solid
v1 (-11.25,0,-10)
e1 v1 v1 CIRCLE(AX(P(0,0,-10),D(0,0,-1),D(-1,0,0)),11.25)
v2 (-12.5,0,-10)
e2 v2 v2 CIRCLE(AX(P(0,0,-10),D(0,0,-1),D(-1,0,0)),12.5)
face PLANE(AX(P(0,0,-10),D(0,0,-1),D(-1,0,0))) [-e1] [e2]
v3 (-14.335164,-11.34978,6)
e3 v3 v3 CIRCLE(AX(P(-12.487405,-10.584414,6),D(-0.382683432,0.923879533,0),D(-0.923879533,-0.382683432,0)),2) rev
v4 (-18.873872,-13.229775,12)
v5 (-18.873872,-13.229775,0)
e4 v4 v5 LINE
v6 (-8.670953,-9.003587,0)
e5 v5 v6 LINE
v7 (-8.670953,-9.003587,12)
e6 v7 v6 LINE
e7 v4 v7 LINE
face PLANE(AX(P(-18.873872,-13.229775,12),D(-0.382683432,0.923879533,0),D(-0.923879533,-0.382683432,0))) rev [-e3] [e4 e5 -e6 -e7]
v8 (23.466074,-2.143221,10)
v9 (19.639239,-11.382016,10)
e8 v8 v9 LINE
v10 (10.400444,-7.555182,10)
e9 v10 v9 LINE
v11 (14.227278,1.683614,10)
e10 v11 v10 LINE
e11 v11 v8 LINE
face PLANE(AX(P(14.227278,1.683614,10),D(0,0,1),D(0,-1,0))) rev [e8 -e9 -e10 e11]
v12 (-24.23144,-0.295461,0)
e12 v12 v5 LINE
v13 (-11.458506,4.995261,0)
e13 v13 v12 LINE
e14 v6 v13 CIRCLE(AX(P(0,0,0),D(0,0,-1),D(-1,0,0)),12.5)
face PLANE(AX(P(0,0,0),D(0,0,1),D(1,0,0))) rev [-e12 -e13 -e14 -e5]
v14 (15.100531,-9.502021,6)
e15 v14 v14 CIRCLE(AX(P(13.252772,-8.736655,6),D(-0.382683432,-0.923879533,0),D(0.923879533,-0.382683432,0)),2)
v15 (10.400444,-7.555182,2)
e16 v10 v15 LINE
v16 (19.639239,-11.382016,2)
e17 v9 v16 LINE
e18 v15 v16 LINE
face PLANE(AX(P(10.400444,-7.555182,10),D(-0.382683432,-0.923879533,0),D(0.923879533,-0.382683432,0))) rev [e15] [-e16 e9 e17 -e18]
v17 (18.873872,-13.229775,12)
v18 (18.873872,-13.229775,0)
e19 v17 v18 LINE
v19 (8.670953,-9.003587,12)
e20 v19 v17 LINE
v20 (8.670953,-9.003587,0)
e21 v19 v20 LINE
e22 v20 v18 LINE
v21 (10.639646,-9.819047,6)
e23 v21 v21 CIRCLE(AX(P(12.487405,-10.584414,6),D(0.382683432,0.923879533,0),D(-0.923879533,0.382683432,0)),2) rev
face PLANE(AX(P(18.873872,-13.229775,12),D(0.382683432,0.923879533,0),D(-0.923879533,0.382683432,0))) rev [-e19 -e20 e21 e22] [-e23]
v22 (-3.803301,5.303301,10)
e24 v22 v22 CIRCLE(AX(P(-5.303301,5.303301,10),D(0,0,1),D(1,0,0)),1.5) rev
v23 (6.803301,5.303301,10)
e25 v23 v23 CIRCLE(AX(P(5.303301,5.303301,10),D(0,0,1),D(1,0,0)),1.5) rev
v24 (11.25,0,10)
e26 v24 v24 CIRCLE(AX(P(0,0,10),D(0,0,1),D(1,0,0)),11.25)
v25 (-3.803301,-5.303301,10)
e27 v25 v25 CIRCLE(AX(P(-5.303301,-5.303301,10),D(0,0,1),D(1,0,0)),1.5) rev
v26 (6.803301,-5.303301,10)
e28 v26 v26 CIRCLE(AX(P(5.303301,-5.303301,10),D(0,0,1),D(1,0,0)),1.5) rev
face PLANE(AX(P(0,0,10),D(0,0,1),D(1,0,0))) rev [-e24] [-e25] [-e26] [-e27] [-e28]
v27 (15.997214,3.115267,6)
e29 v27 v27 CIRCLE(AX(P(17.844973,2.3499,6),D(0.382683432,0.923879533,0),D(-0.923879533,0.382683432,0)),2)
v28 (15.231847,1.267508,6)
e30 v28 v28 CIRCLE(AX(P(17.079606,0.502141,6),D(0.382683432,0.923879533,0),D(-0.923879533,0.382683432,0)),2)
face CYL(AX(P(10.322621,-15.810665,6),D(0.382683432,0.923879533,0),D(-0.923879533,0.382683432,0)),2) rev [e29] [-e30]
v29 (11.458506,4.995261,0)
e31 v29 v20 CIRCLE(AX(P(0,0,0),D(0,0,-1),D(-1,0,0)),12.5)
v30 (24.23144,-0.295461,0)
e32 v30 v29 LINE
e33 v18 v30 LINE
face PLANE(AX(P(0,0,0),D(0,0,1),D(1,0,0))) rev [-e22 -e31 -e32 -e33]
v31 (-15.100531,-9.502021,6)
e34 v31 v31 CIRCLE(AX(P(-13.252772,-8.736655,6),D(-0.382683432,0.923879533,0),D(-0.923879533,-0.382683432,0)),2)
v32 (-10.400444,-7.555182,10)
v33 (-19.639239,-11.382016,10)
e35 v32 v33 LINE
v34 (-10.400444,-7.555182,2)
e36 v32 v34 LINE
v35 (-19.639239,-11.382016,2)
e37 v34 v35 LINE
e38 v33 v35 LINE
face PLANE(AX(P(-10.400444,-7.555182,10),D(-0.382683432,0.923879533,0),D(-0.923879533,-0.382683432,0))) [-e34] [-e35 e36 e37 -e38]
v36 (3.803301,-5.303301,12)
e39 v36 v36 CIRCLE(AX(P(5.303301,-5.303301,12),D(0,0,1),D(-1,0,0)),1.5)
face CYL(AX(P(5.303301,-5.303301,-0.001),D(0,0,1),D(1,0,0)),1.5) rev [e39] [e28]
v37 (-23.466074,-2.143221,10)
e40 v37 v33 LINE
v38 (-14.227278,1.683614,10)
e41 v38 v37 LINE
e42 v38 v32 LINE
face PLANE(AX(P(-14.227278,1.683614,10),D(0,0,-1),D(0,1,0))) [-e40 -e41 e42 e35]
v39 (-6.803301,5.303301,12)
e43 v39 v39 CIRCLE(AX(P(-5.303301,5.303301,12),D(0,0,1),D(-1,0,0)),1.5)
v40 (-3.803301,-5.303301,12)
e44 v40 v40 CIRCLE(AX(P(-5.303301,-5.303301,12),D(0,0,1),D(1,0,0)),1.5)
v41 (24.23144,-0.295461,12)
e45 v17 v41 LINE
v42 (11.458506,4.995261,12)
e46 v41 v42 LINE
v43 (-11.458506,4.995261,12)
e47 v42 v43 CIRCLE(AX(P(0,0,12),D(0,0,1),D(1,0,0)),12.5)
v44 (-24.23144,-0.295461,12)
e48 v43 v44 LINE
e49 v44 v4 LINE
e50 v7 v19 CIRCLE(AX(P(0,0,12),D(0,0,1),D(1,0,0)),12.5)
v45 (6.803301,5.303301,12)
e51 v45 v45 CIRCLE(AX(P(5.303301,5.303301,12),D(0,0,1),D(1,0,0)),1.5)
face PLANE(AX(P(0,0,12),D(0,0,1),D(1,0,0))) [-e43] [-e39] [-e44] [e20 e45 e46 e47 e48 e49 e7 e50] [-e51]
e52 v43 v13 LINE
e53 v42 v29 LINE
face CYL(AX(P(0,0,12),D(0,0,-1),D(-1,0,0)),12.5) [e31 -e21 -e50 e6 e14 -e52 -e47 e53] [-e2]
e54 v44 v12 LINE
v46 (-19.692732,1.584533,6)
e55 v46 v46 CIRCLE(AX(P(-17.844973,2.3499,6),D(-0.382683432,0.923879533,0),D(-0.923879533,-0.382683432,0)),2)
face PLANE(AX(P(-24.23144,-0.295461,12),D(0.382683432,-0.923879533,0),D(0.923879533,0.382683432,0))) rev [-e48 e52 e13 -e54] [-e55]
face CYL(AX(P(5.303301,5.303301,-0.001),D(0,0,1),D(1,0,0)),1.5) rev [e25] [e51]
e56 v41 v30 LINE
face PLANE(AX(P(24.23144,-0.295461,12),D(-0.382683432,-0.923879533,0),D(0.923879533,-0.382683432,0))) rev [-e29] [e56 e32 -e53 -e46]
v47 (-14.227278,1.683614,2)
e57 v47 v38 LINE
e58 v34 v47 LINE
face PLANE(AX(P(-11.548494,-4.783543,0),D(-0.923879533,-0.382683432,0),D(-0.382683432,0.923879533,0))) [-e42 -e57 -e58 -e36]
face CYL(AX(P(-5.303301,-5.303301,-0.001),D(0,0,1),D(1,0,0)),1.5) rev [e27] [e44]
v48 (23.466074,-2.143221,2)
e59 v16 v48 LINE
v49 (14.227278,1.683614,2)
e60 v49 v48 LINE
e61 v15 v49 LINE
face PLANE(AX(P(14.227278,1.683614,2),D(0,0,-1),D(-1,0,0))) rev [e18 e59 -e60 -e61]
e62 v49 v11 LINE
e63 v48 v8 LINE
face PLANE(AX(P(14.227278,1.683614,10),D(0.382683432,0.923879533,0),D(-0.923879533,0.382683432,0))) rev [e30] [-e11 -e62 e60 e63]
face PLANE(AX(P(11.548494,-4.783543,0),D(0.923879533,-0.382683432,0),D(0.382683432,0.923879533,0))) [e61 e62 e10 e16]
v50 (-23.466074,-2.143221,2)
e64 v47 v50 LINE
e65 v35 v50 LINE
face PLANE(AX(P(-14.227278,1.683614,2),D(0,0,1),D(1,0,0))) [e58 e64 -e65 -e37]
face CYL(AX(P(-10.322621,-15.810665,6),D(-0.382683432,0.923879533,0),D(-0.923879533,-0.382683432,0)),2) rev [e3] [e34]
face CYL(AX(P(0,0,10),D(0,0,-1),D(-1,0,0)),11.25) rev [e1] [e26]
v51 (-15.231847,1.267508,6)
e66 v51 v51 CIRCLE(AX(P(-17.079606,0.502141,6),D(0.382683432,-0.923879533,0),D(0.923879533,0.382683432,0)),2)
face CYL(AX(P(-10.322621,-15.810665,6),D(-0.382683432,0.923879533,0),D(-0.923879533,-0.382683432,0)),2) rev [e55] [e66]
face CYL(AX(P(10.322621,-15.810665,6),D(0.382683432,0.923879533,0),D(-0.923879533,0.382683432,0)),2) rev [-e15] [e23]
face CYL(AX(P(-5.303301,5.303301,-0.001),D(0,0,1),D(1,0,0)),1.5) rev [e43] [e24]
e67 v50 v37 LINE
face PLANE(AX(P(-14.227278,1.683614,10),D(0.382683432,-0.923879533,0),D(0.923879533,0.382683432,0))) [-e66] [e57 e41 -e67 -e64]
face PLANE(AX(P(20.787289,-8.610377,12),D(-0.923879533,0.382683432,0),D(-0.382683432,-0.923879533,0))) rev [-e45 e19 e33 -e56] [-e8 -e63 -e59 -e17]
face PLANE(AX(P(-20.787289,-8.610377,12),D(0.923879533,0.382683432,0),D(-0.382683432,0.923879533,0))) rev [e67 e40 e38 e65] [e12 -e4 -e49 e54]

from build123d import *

# Parameters (mm, degrees)
SKETCH1_R           = 12.5
BOSS_EXTRUDE2_DEPTH = 12
SKETCH1_5_R         = 11.25
CUT_EXTRUDE1_DEPTH  = 10
CUT_EXTRUDE2_REACH  = 14
SKETCH4_R           = 1.5
BOSS_EXTRUDE3_DEPTH = 12
SKETCH11_W          = 8
SKETCH11_H          = 10
CUT_EXTRUDE6_DEPTH  = 10
SKETCH12_R          = 2
CUT_EXTRUDE7_DEPTH  = 14
SKETCH13_R          = 2
CUT_EXTRUDE8_DEPTH  = 14
SKETCH14_R          = 12.5
SKETCH14_R_2        = 11.25
BOSS_EXTRUDE4_DEPTH = 10


with BuildPart() as part:
    # Sketch1 → Boss-Extrude2 (new body)
    with BuildSketch(Plane.XY):
        Circle(SKETCH1_R)
    extrude(amount=BOSS_EXTRUDE2_DEPTH)

    # Sketch1<5> → Cut-Extrude1 (cut)
    with BuildSketch(Plane.XY):
        Circle(SKETCH1_5_R)
    extrude(amount=CUT_EXTRUDE1_DEPTH, mode=Mode.SUBTRACT)

    # Sketch4 → Cut-Extrude2 (cut, up to next)
    with BuildSketch(Plane.XY.offset(12), mode=Mode.PRIVATE) as cut_extrude2_sk1:
        with Locations((5.303300859, 5.303300859)):
            Circle(SKETCH4_R)
    cut_extrude2_tool1 = extrude(cut_extrude2_sk1.sketch, amount=-CUT_EXTRUDE2_REACH, mode=Mode.PRIVATE) & part.part
    add(cut_extrude2_tool1.solids().sort_by_distance((5.303301, 5.303301, 12))[0], mode=Mode.SUBTRACT)
    # Sketch4 → Cut-Extrude2 (cut, up to next)
    with BuildSketch(Plane.XY.offset(12), mode=Mode.PRIVATE) as cut_extrude2_sk2:
        with Locations((-5.303300859, 5.303300859)):
            Circle(SKETCH4_R)
    cut_extrude2_tool2 = extrude(cut_extrude2_sk2.sketch, amount=-CUT_EXTRUDE2_REACH, mode=Mode.PRIVATE) & part.part
    add(cut_extrude2_tool2.solids().sort_by_distance((-5.303301, 5.303301, 12))[0], mode=Mode.SUBTRACT)
    # Sketch4 → Cut-Extrude2 (cut, up to next)
    with BuildSketch(Plane.XY.offset(12), mode=Mode.PRIVATE) as cut_extrude2_sk3:
        with Locations((-5.303300859, -5.303300859)):
            Circle(SKETCH4_R)
    cut_extrude2_tool3 = extrude(cut_extrude2_sk3.sketch, amount=-CUT_EXTRUDE2_REACH, mode=Mode.PRIVATE) & part.part
    add(cut_extrude2_tool3.solids().sort_by_distance((-5.303301, -5.303301, 12))[0], mode=Mode.SUBTRACT)
    # Sketch4 → Cut-Extrude2 (cut, up to next)
    with BuildSketch(Plane.XY.offset(12), mode=Mode.PRIVATE) as cut_extrude2_sk4:
        with Locations((5.303300859, -5.303300859)):
            Circle(SKETCH4_R)
    cut_extrude2_tool4 = extrude(cut_extrude2_sk4.sketch, amount=-CUT_EXTRUDE2_REACH, mode=Mode.PRIVATE) & part.part
    add(cut_extrude2_tool4.solids().sort_by_distance((5.303301, -5.303301, 12))[0], mode=Mode.SUBTRACT)

    # Sketch10 → Boss-Extrude3 (add)
    with BuildSketch(Plane.XY):
        with BuildLine():
            Line((18.87387232, -13.229774891), (8.670952565, -9.003587153))
            ThreePointArc((8.670952565, -9.003587153), (12.259311424, -2.441164357), (11.458506302, 4.995261088))
            Line((11.458506302, 4.995261088), (24.231440373, -0.295461436))
            Line((24.231440373, -0.295461436), (20.787289482, -8.610377228))
            Line((20.787289482, -8.610377228), (18.87387232, -13.229774891))
        make_face()
        with BuildLine():
            Line((-24.231440373, -0.295461436), (-11.458506302, 4.995261088))
            ThreePointArc((-11.458506302, 4.995261088), (-12.259311424, -2.441164357), (-8.670952565, -9.003587153))
            Line((-8.670952565, -9.003587153), (-18.87387232, -13.229774891))
            Line((-18.87387232, -13.229774891), (-20.787289482, -8.610377228))
            Line((-20.787289482, -8.610377228), (-24.231440373, -0.295461436))
        make_face()
    extrude(amount=BOSS_EXTRUDE3_DEPTH)

    # Sketch11 → Cut-Extrude6 (cut)
    with BuildSketch(Plane(origin=(20.787289482, -8.610377228, 0), x_dir=(0, 0, -1), z_dir=(0.923879533, -0.382683432, 0))):
        with Locations((-6, 2)):
            Rectangle(SKETCH11_W, SKETCH11_H)
    cut_extrude6 = extrude(amount=-CUT_EXTRUDE6_DEPTH, mode=Mode.SUBTRACT)

    # Sketch12 → Cut-Extrude7 (cut)
    with BuildSketch(Plane(origin=(3.444150891, 8.314915793, 0), x_dir=(0.923879533, -0.382683432, 0), z_dir=(0.382683432, 0.923879533, 0))):
        with Locations((15.587337893, -6)):
            Circle(SKETCH12_R)
    extrude(amount=-CUT_EXTRUDE7_DEPTH, mode=Mode.SUBTRACT)

    # Mirror5: Cut-Extrude6 across plane
    add(cut_extrude6.mirror(Plane(origin=(0, 0, 0), x_dir=(0, 0, 1), z_dir=(1, 0, 0))), mode=Mode.SUBTRACT)

    # Sketch13 → Cut-Extrude8 (cut)
    with BuildSketch(Plane(origin=(-3.444150891, 8.314915793, 0), x_dir=(0.923879533, 0.382683432, 0), z_dir=(-0.382683432, 0.923879533, 0))):
        with Locations((-15.587337893, -6)):
            Circle(SKETCH13_R)
    extrude(amount=-CUT_EXTRUDE8_DEPTH, mode=Mode.SUBTRACT)

    # Sketch14 → Boss-Extrude4 (add)
    with BuildSketch(Plane(origin=(0, 0, 0), x_dir=(-1, 0, 0), z_dir=(0, 0, -1))):
        Circle(SKETCH14_R)
        Circle(SKETCH14_R_2, mode=Mode.SUBTRACT)
    extrude(amount=BOSS_EXTRUDE4_DEPTH)


solid = part.part
